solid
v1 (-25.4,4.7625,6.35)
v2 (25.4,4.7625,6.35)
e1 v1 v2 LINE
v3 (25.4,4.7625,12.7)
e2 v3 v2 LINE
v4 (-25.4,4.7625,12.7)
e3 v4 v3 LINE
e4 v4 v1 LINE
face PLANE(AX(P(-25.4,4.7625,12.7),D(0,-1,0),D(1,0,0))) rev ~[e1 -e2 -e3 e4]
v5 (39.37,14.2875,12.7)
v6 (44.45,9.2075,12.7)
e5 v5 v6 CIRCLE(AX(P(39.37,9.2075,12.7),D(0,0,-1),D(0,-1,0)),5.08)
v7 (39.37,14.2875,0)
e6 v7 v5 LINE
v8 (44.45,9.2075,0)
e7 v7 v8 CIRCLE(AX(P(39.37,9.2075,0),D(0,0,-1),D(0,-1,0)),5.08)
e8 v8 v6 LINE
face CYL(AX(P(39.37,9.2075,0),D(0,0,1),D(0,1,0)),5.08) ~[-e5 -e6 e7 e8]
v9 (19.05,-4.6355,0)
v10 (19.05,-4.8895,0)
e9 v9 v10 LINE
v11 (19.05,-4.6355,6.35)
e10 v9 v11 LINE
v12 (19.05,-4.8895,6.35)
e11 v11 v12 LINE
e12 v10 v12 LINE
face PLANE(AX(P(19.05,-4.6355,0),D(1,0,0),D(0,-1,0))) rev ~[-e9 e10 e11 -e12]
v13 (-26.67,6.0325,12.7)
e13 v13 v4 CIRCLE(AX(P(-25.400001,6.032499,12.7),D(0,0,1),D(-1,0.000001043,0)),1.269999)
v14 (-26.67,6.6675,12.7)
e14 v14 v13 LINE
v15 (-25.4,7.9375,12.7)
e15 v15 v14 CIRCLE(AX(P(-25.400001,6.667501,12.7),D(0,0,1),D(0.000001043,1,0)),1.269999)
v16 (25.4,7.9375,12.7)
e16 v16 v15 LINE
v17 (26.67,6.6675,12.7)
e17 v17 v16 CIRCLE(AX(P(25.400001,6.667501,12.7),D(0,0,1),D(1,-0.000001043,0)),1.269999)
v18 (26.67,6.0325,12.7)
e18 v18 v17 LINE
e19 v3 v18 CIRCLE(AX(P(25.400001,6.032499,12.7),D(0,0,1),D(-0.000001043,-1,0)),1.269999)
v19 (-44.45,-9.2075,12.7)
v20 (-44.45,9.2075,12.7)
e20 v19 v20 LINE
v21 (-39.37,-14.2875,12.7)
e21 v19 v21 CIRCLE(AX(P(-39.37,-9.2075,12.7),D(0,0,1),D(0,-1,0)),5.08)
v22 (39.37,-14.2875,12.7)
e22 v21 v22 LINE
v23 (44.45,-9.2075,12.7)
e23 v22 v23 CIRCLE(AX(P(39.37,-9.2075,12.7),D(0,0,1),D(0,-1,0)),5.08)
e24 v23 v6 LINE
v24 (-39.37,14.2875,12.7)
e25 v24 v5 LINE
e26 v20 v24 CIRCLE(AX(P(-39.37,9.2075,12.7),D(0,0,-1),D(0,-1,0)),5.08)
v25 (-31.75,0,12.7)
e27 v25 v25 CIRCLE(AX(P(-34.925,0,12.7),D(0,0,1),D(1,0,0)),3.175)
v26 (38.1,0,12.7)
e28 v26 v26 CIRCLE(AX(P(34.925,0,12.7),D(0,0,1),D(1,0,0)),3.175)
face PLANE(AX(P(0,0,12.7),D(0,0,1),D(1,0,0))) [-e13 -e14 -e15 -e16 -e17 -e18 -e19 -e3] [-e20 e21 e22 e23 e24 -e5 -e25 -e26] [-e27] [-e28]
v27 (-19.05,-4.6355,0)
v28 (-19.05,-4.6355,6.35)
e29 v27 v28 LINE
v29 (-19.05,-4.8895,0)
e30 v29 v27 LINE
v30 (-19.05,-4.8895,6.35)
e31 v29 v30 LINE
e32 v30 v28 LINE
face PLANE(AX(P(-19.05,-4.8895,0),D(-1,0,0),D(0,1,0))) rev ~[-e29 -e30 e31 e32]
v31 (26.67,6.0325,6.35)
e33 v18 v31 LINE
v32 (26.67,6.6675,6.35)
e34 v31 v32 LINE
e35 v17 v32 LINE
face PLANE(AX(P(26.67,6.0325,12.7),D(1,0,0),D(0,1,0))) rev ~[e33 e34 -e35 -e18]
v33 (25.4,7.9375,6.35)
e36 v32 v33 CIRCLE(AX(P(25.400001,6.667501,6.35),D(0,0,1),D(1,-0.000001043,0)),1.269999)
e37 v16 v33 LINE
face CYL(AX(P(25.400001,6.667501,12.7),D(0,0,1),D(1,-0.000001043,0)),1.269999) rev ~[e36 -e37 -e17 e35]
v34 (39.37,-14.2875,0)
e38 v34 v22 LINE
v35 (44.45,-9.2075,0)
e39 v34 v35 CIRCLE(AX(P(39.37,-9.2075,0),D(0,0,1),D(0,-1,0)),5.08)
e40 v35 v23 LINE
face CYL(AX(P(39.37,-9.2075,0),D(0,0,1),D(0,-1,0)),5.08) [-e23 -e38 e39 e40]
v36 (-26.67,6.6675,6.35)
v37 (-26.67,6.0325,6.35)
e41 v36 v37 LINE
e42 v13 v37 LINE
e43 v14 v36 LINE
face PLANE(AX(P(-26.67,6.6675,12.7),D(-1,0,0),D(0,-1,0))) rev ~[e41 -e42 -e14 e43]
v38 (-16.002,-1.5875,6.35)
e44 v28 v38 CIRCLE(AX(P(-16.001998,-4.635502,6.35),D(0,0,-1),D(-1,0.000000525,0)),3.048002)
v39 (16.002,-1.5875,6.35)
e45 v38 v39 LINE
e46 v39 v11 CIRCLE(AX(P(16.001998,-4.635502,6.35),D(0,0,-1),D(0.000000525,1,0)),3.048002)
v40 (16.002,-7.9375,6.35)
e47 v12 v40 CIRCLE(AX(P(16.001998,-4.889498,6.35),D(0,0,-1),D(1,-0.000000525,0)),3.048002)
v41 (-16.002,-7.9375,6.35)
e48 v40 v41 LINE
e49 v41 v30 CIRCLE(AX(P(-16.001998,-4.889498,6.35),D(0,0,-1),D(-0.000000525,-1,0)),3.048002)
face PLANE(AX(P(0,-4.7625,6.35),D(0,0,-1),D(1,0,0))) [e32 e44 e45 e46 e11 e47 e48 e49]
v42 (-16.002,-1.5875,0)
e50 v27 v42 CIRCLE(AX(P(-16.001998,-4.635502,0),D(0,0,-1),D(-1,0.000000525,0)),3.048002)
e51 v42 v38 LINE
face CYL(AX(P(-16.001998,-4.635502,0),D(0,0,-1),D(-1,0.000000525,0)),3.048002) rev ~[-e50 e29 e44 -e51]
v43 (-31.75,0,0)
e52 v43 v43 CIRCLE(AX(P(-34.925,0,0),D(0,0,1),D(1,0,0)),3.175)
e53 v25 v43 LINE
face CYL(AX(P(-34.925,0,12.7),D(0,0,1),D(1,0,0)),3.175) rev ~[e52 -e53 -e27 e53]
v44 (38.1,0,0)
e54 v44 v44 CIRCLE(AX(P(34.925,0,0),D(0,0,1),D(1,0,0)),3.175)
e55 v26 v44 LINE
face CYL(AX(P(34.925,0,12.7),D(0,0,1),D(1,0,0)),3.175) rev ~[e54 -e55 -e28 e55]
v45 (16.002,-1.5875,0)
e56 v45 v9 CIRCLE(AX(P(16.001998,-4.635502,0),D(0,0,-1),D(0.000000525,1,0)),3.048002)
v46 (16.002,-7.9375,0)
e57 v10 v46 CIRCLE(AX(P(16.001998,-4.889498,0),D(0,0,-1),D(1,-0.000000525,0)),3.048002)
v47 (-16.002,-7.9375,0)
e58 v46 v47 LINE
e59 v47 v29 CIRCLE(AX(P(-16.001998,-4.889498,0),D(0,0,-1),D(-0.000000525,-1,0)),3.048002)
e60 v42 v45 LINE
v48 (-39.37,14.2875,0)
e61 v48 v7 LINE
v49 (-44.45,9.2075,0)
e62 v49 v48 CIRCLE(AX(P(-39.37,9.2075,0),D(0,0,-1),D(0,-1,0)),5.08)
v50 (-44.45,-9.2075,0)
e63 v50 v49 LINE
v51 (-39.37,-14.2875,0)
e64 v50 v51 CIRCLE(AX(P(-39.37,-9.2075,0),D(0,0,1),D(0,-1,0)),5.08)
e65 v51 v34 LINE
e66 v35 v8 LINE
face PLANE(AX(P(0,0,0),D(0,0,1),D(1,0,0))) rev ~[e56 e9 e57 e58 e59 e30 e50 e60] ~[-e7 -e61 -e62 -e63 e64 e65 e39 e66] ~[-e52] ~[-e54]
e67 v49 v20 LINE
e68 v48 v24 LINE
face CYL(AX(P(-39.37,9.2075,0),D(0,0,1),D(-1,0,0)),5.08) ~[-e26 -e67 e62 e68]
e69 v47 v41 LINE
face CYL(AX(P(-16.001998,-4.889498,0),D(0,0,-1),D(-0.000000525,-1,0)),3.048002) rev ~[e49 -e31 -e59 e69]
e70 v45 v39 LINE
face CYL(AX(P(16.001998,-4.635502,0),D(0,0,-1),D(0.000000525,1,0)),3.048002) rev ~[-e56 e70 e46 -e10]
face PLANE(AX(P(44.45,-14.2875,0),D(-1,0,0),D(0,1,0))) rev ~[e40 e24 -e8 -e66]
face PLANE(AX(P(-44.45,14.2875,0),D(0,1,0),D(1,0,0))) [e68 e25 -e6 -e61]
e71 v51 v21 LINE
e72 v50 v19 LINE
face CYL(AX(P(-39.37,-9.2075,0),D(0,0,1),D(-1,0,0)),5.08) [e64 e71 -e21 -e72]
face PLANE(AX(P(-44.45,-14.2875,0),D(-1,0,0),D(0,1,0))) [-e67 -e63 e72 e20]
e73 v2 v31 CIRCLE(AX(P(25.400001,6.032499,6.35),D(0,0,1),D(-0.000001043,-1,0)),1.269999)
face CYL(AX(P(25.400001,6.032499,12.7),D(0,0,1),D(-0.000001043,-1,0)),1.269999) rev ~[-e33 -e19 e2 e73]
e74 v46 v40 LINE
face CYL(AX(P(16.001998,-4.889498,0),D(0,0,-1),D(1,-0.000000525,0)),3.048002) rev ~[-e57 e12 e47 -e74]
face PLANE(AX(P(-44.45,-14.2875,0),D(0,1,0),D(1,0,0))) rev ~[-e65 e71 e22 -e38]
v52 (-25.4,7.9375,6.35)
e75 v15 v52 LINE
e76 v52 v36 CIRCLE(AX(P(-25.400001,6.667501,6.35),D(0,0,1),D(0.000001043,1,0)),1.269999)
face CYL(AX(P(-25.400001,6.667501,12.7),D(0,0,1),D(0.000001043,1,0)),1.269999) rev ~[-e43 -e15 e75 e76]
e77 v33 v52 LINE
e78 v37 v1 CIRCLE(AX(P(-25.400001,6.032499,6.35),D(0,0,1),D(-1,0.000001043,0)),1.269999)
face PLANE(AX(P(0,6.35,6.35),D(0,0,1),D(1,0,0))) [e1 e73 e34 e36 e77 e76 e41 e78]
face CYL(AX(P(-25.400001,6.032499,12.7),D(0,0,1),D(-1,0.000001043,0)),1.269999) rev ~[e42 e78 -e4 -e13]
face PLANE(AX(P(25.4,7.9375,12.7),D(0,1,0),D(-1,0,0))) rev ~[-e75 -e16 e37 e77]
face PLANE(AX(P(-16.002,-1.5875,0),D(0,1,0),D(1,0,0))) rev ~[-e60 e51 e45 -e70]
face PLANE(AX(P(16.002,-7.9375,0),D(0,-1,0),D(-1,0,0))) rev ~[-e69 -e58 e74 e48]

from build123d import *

# Parameters (mm, degrees)
F0_W     = 88.9
F0_H     = 28.575
F1_DEPTH = 12.7
F3_DEPTH = 6.35
F4_R     = 5.08
F6_DEPTH = 6.35
F7_R     = 3.175
F8_DEPTH = 25.4


with BuildPart() as f1:
    # F0 (on Top) → F1 (new body)
    with BuildSketch(Plane.XY):
        Rectangle(F0_W, F0_H)
    extrude(amount=F1_DEPTH)

    # F2 (on face) → F3 (cut)
    with BuildSketch(Plane.XY.offset(12.7)):
        with BuildLine():
            Line((25.4, 7.9375), (-25.4, 7.9375))
            ThreePointArc((-25.4, 7.9375), (-26.298026, 7.565526), (-26.67, 6.6675))
            Line((-26.67, 6.6675), (-26.67, 6.0325))
            ThreePointArc((-26.67, 6.0325), (-26.298026, 5.134474), (-25.4, 4.7625))
            Line((-25.4, 4.7625), (25.4, 4.7625))
            ThreePointArc((25.4, 4.7625), (26.298026, 5.134474), (26.67, 6.0325))
            Line((26.67, 6.0325), (26.67, 6.6675))
            ThreePointArc((26.67, 6.6675), (26.298026, 7.565526), (25.4, 7.9375))
        make_face()
    extrude(amount=-F3_DEPTH, mode=Mode.SUBTRACT)

    # F4
    f4_edges = [f1.edges().sort_by_distance(p)[0] for p in [
        (44.45, -14.2875, 6.35),
        (44.45, 14.2875, 6.35),
        (-44.45, -14.2875, 6.35),
        (-44.45, 14.2875, 6.35),
    ]]
    fillet(f4_edges, radius=F4_R)

    # F5 (on face) → F6 (cut)
    with BuildSketch(Plane(origin=(0, 0, 0), x_dir=(1, 0, 0), z_dir=(0, 0, -1))):
        with BuildLine():
            Line((16.002, 7.9375), (-16.002, 7.9375))
            ThreePointArc((-16.002, 7.9375), (-18.157261, 7.044761), (-19.05, 4.8895))
            Line((-19.05, 4.8895), (-19.05, 4.6355))
            ThreePointArc((-19.05, 4.6355), (-18.157261, 2.480239), (-16.002, 1.5875))
            Line((-16.002, 1.5875), (16.002, 1.5875))
            ThreePointArc((16.002, 1.5875), (18.157261, 2.480239), (19.05, 4.6355))
            Line((19.05, 4.6355), (19.05, 4.8895))
            ThreePointArc((19.05, 4.8895), (18.157261, 7.044761), (16.002, 7.9375))
        make_face()
    extrude(amount=-F6_DEPTH, mode=Mode.SUBTRACT)

    # F7 (on face) → F8 (cut)
    with BuildSketch(Plane.XY.offset(12.7)):
        with Locations((-34.925, 0)):
            Circle(F7_R)
        with Locations((34.925, 0)):
            Circle(F7_R)
    extrude(amount=-F8_DEPTH, mode=Mode.SUBTRACT)


solid = f1.part
